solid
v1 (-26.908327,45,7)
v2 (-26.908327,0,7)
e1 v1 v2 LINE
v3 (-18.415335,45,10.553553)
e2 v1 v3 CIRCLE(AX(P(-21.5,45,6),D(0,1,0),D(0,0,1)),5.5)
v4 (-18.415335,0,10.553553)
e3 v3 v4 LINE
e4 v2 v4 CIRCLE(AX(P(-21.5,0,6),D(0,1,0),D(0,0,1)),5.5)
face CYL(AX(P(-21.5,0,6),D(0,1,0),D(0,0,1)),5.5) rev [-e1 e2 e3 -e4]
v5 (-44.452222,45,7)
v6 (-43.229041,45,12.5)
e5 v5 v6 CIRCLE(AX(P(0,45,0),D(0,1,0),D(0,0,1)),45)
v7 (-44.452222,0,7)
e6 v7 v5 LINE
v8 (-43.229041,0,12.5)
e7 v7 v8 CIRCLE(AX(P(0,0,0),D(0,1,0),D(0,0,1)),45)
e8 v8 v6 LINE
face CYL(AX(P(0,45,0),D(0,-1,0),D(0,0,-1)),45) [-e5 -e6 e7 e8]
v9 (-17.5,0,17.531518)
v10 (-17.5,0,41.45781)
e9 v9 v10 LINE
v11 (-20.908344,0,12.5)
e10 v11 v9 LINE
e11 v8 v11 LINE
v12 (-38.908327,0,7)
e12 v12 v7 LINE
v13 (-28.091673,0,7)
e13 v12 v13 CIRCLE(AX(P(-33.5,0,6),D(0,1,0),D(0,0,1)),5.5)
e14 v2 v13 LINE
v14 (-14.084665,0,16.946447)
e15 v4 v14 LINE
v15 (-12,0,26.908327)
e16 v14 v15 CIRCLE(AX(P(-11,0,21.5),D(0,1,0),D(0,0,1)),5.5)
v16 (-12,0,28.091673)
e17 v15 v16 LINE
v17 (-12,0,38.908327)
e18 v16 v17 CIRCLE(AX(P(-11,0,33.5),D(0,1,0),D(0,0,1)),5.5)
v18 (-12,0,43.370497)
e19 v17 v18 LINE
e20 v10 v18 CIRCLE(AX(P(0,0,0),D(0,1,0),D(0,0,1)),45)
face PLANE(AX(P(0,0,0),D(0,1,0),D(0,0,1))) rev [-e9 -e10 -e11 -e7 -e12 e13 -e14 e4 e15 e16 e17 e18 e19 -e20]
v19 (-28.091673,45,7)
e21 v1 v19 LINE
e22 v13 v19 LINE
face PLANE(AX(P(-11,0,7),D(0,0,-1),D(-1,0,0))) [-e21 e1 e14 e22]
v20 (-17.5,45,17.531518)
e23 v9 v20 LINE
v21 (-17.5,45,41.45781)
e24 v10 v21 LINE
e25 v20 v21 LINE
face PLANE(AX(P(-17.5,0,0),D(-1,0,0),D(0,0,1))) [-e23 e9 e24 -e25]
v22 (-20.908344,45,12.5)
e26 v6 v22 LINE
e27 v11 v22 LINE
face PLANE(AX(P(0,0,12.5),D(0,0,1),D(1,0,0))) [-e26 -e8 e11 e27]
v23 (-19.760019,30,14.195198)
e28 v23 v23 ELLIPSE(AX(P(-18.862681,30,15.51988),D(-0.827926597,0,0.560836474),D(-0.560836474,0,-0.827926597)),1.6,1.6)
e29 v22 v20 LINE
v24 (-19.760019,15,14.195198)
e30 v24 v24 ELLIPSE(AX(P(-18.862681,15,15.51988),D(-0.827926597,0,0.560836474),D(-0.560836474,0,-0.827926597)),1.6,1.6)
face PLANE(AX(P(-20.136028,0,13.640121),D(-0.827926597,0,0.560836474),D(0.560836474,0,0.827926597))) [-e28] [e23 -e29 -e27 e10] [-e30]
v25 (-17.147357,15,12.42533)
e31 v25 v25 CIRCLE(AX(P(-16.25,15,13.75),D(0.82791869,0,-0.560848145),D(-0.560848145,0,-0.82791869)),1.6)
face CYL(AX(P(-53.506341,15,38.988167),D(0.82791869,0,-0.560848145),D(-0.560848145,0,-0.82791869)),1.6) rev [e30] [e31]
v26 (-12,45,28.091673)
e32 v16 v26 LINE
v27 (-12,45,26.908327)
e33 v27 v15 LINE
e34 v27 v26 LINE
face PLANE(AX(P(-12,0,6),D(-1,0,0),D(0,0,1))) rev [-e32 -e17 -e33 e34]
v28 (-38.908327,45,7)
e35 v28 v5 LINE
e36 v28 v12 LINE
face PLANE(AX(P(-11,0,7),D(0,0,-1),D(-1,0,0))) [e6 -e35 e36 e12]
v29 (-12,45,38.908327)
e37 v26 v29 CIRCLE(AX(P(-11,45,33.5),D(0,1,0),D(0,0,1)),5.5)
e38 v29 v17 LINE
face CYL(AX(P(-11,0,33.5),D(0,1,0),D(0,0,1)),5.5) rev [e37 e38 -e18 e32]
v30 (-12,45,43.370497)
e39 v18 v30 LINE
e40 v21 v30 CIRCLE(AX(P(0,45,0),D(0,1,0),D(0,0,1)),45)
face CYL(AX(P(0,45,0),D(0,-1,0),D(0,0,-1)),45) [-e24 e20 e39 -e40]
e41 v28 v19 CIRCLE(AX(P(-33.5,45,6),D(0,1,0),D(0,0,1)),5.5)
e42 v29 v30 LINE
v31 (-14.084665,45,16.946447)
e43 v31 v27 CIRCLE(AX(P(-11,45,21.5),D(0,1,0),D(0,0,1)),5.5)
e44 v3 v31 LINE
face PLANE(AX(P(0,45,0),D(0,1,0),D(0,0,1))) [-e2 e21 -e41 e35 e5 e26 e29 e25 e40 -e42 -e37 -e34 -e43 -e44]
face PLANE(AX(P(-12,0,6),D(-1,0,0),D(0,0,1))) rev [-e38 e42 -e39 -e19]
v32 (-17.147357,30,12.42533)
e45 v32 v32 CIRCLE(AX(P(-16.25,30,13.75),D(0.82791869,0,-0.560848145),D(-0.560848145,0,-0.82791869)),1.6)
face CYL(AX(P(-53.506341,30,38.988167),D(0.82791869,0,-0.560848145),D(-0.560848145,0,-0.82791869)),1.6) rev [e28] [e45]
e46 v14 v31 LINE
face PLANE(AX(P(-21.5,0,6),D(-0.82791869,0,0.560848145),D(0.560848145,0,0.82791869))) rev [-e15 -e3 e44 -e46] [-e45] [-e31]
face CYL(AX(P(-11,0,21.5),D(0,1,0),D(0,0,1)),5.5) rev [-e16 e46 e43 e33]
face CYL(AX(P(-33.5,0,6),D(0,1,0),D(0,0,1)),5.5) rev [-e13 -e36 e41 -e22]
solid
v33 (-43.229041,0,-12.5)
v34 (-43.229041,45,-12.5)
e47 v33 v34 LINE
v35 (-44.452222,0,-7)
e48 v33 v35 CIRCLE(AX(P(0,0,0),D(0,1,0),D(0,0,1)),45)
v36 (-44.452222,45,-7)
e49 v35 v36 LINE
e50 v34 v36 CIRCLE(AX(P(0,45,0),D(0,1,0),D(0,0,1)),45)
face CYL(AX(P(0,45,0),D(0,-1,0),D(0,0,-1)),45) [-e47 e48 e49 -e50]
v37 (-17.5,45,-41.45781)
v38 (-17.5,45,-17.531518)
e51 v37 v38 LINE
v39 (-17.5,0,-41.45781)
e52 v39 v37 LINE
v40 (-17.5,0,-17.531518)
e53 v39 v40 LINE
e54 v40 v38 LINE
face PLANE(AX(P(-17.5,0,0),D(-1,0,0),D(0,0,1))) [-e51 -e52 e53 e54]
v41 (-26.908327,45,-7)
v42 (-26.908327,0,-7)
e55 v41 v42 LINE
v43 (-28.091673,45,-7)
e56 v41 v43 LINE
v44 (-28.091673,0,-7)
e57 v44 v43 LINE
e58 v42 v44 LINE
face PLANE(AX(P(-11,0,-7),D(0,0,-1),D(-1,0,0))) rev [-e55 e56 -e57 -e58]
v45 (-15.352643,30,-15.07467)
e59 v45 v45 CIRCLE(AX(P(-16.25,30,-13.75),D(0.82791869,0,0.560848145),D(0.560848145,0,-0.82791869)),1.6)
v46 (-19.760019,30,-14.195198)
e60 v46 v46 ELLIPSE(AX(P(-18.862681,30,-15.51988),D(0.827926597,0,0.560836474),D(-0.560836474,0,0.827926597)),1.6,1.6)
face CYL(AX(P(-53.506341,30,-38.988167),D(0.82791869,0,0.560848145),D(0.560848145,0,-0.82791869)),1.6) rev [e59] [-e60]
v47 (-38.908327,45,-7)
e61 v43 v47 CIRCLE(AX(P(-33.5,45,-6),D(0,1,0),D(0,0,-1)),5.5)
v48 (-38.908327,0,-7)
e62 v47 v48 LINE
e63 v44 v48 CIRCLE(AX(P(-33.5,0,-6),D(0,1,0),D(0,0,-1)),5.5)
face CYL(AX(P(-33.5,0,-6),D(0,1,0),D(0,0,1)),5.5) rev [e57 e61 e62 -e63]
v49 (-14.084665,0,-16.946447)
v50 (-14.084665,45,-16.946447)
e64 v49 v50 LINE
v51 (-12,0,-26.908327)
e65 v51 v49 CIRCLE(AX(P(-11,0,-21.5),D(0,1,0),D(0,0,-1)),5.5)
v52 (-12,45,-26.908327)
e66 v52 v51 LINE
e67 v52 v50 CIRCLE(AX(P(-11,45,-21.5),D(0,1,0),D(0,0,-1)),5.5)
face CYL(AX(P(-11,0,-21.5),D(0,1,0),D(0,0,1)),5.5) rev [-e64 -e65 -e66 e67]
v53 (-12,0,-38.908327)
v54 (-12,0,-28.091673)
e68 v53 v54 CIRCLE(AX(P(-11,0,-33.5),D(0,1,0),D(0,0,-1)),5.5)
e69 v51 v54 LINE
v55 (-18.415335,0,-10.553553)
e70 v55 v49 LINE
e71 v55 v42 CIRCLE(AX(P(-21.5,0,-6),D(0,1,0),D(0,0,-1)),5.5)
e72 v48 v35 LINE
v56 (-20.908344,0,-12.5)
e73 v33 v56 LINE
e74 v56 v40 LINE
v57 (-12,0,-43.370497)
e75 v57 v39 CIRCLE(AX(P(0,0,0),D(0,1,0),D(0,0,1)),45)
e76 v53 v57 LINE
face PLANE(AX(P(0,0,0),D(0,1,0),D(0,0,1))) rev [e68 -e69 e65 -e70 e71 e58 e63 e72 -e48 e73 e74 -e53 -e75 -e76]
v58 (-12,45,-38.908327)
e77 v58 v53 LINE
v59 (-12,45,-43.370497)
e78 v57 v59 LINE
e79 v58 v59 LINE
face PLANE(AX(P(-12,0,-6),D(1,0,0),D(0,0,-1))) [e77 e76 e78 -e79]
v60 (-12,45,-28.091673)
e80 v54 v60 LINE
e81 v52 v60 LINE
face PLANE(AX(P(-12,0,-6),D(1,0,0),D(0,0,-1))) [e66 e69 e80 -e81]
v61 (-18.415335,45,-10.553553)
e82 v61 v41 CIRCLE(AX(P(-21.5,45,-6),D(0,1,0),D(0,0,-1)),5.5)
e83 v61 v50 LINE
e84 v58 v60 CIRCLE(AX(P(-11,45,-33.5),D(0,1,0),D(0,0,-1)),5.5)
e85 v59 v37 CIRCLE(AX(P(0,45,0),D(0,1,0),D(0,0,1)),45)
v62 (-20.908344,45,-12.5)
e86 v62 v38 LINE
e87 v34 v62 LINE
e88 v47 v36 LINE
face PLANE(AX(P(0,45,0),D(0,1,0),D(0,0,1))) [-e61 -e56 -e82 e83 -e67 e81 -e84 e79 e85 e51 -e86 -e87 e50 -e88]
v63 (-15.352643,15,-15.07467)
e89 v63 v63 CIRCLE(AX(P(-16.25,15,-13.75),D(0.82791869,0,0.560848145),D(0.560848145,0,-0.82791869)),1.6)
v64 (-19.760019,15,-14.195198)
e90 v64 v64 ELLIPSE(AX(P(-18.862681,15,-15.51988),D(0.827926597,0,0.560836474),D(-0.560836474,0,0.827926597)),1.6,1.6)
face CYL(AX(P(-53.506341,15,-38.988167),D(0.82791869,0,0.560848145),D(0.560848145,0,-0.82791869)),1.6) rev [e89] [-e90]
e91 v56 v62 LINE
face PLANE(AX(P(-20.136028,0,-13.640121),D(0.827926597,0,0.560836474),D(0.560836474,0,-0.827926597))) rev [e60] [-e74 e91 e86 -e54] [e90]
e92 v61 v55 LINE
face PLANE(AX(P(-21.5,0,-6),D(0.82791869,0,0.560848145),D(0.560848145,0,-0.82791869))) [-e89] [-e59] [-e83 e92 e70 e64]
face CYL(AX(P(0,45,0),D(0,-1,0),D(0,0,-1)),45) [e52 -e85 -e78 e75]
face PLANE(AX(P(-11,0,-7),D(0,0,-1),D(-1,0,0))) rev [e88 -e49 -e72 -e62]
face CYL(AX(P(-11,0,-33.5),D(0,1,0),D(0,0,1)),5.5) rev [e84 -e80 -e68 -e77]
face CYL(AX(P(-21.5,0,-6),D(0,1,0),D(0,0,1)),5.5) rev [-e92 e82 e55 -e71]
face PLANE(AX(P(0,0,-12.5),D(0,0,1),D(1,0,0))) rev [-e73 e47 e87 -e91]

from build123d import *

# Parameters (mm, degrees)
BOSS_EXTRUDE2_DEPTH = 45
SKETCH2_R           = 5.5
CUT_EXTRUDE1_DEPTH  = 45
SKETCH3_W           = 11
SKETCH3_H           = 6
CUT_EXTRUDE2_DEPTH  = 45
SKETCH4_W           = 1
SKETCH4_H           = 1
CUT_EXTRUDE3_DEPTH  = 45
CUT_EXTRUDE4_DEPTH  = 45
SKETCH8_R           = 1.6
CUT_EXTRUDE5_DEPTH  = 45
SKETCH9_R           = 1.6
CUT_EXTRUDE6_DEPTH  = 45


with BuildPart() as part:
    # Sketch1 → Boss-Extrude2 (new body)
    with BuildSketch(Plane(origin=(0, 0, 0), x_dir=(1, 0, 0), z_dir=(0, 1, 0))):
        with BuildLine():
            Line((0, -45), (0, 45))
            ThreePointArc((0, 45), (-45, 0), (0, -45))
        make_face()
    extrude(amount=BOSS_EXTRUDE2_DEPTH)

    # Sketch2 → Cut-Extrude1 (cut)
    with BuildSketch(Plane(origin=(0, 45, 0), x_dir=(1, 0, 0), z_dir=(0, 1, 0))):
        with Locations(Location((-11, -21.5, 0), (0, 0, 270))):
            Circle(SKETCH2_R)
        with Locations(Location((-11, -33.5, 0), (0, 0, 270))):
            Circle(SKETCH2_R)
        with Locations(Location((-21.5, -6, 0), (0, 0, 270))):
            Circle(SKETCH2_R)
        with Locations(Location((-33.5, -6, 0), (0, 0, 270))):
            Circle(SKETCH2_R)
        with Locations(Location((-11, 33.5, 0), (0, 0, 270))):
            Circle(SKETCH2_R)
        with Locations(Location((-11, 21.5, 0), (0, 0, 270))):
            Circle(SKETCH2_R)
        with Locations(Location((-21.5, 6, 0), (0, 0, 270))):
            Circle(SKETCH2_R)
        with Locations(Location((-33.5, 6, 0), (0, 0, 270))):
            Circle(SKETCH2_R)
    extrude(amount=-CUT_EXTRUDE1_DEPTH, mode=Mode.SUBTRACT)

    # Sketch3 → Cut-Extrude2 (cut)
    with BuildSketch(Plane(origin=(0, 45, 0), x_dir=(1, 0, 0), z_dir=(0, 1, 0))):
        with BuildLine():
            Line((-11, 6), (0, 6))
            Line((0, 6), (0, 45))
            ThreePointArc((0, 45), (-5.54219358, 44.657408012), (-11, 43.634848459))
            Line((-11, 43.634848459), (-11, 39))
            ThreePointArc((-11, 39), (-7.110912703, 37.389087297), (-5.5, 33.5))
            ThreePointArc((-5.5, 33.5), (-7.110912703, 29.610912703), (-11, 28))
            Line((-11, 28), (-11, 27))
            ThreePointArc((-11, 27), (-7.110912703, 25.389087297), (-5.5, 21.5))
            ThreePointArc((-5.5, 21.5), (-7.110912703, 17.610912703), (-11, 16))
            Line((-11, 16), (-11, 6))
        make_face()
        with BuildLine():
            Line((0, -45), (0, -6))
            Line((0, -6), (-11, -6))
            Line((-11, -6), (-11, -16))
            ThreePointArc((-11, -16), (-7.110912703, -17.610912703), (-5.5, -21.5))
            ThreePointArc((-5.5, -21.5), (-7.110912703, -25.389087297), (-11, -27))
            Line((-11, -27), (-11, -28))
            ThreePointArc((-11, -28), (-7.110912703, -29.610912703), (-5.5, -33.5))
            ThreePointArc((-5.5, -33.5), (-7.110912703, -37.389087297), (-11, -39))
            Line((-11, -39), (-11, -43.634848459))
            ThreePointArc((-11, -43.634848459), (-5.54219358, -44.657408012), (0, -45))
        make_face()
        with BuildLine():
            Line((-11, -6), (-11, 0))
            Line((-11, 0), (-45, 0))
            ThreePointArc((-45, 0), (-44.8994392, -3.006719068), (-44.598206242, -6))
            Line((-44.598206242, -6), (-39, -6))
            ThreePointArc((-39, -6), (-33.5, -0.5), (-28, -6))
            Line((-28, -6), (-27, -6))
            ThreePointArc((-27, -6), (-21.5, -0.5), (-16, -6))
            Line((-16, -6), (-11, -6))
        make_face()
        with BuildLine():
            Line((-45, 0), (-11, 0))
            Line((-11, 0), (-11, 6))
            Line((-11, 6), (-16, 6))
            ThreePointArc((-16, 6), (-21.5, 0.5), (-27, 6))
            Line((-27, 6), (-28, 6))
            ThreePointArc((-28, 6), (-33.5, 0.5), (-39, 6))
            Line((-39, 6), (-44.598206242, 6))
            ThreePointArc((-44.598206242, 6), (-44.8994392, 3.006719068), (-45, 0))
        make_face()
        with Locations((-5.5, 3)):
            Rectangle(SKETCH3_W, SKETCH3_H)
        with Locations((-5.5, -3)):
            Rectangle(SKETCH3_W, SKETCH3_H)
    extrude(amount=-CUT_EXTRUDE2_DEPTH, mode=Mode.SUBTRACT)


with BuildPart() as cut_extrude2_piece_1:
    # of the separate pieces the step leaves, piece 1, a body of its own (cut_extrude2_pieces)
    add(part.part.solids().sort_by_distance((-44.598206242, 0, 6))[0])


with BuildPart() as cut_extrude2_piece_2:
    # of the separate pieces the step leaves, piece 2, a body of its own (cut_extrude2_pieces)
    add(part.part.solids().sort_by_distance((-11, 0, -43.634848459))[0])


with BuildPart() as cut_extrude3_tool:
    # Sketch4 → Cut-Extrude3 (new body)
    with BuildSketch(Plane(origin=(0, 45, 0), x_dir=(1, 0, 0), z_dir=(0, 1, 0))):
        Polygon((-48.017715624, 6), (-21.5, 6), (-20.822580645, 7), (-48.017715624, 7), align=None)
        Polygon((-20.822580645, 7), (-21.5, 6), (-12, 6), (-12, 7), align=None)
        Polygon((-12, 20.023809524), (-20.822580645, 7), (-12, 7), align=None)
        with Locations((-11.5, 6.5)):
            Rectangle(SKETCH4_W, SKETCH4_H)
        Polygon((-12, 46.611751928), (-12, 20.023809524), (-11, 21.5), (-11, 46.611751928), align=None)
        Polygon((-11, 21.5), (-12, 20.023809524), (-12, 7), (-11, 7), align=None)
        Polygon((-12, -46.611751928), (-11, -46.611751928), (-11, -21.5), (-12, -20.023809524), align=None)
        Polygon((-12, -20.023809524), (-11, -21.5), (-11, -7), (-12, -7), align=None)
        Polygon((-20.822580645, -7), (-12, -20.023809524), (-12, -7), align=None)
        with Locations((-11.5, -6.5)):
            Rectangle(SKETCH4_W, SKETCH4_H)
        Polygon((-20.822580645, -7), (-12, -7), (-12, -6), (-21.5, -6), align=None)
        Polygon((-48.017715624, -7), (-20.822580645, -7), (-21.5, -6), (-48.017715624, -6), align=None)
    extrude(amount=-CUT_EXTRUDE3_DEPTH)


with BuildPart() as cut_extrude2_piece_1_1:
    add(cut_extrude2_piece_1.part)

    # Cut-Extrude3: cut by cut_extrude3_tool
    add(cut_extrude3_tool.part, mode=Mode.SUBTRACT)


with BuildPart() as cut_extrude2_piece_2_1:
    add(cut_extrude2_piece_2.part)

    # Cut-Extrude3: cut by cut_extrude3_tool
    add(cut_extrude3_tool.part, mode=Mode.SUBTRACT)


with BuildPart() as cut_extrude4_tool:
    # Sketch5 → Cut-Extrude4 (new body)
    with BuildSketch(Plane(origin=(0, 45, 0), x_dir=(1, 0, 0), z_dir=(0, 1, 0))):
        Polygon((-43.229041164, 12.5), (-20.908343915, 12.5), (-17.5, 17.531517582), (-17.5, 41.457809879), (-43.229041164, 41.457809879), align=None)
        Polygon((-20.908343915, -12.5), (-43.229041164, -12.5), (-43.229041164, -41.457809879), (-17.5, -41.457809879), (-17.5, -17.531517582), align=None)
    extrude(amount=-CUT_EXTRUDE4_DEPTH)


with BuildPart() as cut_extrude2_piece_1_2:
    add(cut_extrude2_piece_1_1.part)

    # Cut-Extrude4: cut by cut_extrude4_tool
    add(cut_extrude4_tool.part, mode=Mode.SUBTRACT)

    # Sketch8 → Cut-Extrude5 (cut)
    with BuildSketch(Plane(origin=(-17.52318117, 0, 11.870542083), x_dir=(-0.5608481451695153, 0, -0.827918690488332), z_dir=(0.827918690488332, 0, -0.5608481451695153))):
        with Locations((-2.270099635, 15)):
            Circle(SKETCH8_R)
        with Locations((-2.270099635, 30)):
            Circle(SKETCH8_R)
    extrude(amount=-CUT_EXTRUDE5_DEPTH, mode=Mode.SUBTRACT)


with BuildPart() as cut_extrude2_piece_2_2:
    add(cut_extrude2_piece_2_1.part)

    # Cut-Extrude4: cut by cut_extrude4_tool
    add(cut_extrude4_tool.part, mode=Mode.SUBTRACT)

    # Sketch9 → Cut-Extrude6 (cut)
    with BuildSketch(Plane(origin=(-17.52318117, 0, -11.870542083), x_dir=(0.5608481451695153, 0, -0.827918690488332), z_dir=(0.827918690488332, 0, 0.5608481451695153))):
        with Locations((2.270099635, 30)):
            Circle(SKETCH9_R)
        with Locations((2.270099635, 15)):
            Circle(SKETCH9_R)
    extrude(amount=-CUT_EXTRUDE6_DEPTH, mode=Mode.SUBTRACT)


solid = Compound([cut_extrude2_piece_1_2.part, cut_extrude2_piece_2_2.part])
